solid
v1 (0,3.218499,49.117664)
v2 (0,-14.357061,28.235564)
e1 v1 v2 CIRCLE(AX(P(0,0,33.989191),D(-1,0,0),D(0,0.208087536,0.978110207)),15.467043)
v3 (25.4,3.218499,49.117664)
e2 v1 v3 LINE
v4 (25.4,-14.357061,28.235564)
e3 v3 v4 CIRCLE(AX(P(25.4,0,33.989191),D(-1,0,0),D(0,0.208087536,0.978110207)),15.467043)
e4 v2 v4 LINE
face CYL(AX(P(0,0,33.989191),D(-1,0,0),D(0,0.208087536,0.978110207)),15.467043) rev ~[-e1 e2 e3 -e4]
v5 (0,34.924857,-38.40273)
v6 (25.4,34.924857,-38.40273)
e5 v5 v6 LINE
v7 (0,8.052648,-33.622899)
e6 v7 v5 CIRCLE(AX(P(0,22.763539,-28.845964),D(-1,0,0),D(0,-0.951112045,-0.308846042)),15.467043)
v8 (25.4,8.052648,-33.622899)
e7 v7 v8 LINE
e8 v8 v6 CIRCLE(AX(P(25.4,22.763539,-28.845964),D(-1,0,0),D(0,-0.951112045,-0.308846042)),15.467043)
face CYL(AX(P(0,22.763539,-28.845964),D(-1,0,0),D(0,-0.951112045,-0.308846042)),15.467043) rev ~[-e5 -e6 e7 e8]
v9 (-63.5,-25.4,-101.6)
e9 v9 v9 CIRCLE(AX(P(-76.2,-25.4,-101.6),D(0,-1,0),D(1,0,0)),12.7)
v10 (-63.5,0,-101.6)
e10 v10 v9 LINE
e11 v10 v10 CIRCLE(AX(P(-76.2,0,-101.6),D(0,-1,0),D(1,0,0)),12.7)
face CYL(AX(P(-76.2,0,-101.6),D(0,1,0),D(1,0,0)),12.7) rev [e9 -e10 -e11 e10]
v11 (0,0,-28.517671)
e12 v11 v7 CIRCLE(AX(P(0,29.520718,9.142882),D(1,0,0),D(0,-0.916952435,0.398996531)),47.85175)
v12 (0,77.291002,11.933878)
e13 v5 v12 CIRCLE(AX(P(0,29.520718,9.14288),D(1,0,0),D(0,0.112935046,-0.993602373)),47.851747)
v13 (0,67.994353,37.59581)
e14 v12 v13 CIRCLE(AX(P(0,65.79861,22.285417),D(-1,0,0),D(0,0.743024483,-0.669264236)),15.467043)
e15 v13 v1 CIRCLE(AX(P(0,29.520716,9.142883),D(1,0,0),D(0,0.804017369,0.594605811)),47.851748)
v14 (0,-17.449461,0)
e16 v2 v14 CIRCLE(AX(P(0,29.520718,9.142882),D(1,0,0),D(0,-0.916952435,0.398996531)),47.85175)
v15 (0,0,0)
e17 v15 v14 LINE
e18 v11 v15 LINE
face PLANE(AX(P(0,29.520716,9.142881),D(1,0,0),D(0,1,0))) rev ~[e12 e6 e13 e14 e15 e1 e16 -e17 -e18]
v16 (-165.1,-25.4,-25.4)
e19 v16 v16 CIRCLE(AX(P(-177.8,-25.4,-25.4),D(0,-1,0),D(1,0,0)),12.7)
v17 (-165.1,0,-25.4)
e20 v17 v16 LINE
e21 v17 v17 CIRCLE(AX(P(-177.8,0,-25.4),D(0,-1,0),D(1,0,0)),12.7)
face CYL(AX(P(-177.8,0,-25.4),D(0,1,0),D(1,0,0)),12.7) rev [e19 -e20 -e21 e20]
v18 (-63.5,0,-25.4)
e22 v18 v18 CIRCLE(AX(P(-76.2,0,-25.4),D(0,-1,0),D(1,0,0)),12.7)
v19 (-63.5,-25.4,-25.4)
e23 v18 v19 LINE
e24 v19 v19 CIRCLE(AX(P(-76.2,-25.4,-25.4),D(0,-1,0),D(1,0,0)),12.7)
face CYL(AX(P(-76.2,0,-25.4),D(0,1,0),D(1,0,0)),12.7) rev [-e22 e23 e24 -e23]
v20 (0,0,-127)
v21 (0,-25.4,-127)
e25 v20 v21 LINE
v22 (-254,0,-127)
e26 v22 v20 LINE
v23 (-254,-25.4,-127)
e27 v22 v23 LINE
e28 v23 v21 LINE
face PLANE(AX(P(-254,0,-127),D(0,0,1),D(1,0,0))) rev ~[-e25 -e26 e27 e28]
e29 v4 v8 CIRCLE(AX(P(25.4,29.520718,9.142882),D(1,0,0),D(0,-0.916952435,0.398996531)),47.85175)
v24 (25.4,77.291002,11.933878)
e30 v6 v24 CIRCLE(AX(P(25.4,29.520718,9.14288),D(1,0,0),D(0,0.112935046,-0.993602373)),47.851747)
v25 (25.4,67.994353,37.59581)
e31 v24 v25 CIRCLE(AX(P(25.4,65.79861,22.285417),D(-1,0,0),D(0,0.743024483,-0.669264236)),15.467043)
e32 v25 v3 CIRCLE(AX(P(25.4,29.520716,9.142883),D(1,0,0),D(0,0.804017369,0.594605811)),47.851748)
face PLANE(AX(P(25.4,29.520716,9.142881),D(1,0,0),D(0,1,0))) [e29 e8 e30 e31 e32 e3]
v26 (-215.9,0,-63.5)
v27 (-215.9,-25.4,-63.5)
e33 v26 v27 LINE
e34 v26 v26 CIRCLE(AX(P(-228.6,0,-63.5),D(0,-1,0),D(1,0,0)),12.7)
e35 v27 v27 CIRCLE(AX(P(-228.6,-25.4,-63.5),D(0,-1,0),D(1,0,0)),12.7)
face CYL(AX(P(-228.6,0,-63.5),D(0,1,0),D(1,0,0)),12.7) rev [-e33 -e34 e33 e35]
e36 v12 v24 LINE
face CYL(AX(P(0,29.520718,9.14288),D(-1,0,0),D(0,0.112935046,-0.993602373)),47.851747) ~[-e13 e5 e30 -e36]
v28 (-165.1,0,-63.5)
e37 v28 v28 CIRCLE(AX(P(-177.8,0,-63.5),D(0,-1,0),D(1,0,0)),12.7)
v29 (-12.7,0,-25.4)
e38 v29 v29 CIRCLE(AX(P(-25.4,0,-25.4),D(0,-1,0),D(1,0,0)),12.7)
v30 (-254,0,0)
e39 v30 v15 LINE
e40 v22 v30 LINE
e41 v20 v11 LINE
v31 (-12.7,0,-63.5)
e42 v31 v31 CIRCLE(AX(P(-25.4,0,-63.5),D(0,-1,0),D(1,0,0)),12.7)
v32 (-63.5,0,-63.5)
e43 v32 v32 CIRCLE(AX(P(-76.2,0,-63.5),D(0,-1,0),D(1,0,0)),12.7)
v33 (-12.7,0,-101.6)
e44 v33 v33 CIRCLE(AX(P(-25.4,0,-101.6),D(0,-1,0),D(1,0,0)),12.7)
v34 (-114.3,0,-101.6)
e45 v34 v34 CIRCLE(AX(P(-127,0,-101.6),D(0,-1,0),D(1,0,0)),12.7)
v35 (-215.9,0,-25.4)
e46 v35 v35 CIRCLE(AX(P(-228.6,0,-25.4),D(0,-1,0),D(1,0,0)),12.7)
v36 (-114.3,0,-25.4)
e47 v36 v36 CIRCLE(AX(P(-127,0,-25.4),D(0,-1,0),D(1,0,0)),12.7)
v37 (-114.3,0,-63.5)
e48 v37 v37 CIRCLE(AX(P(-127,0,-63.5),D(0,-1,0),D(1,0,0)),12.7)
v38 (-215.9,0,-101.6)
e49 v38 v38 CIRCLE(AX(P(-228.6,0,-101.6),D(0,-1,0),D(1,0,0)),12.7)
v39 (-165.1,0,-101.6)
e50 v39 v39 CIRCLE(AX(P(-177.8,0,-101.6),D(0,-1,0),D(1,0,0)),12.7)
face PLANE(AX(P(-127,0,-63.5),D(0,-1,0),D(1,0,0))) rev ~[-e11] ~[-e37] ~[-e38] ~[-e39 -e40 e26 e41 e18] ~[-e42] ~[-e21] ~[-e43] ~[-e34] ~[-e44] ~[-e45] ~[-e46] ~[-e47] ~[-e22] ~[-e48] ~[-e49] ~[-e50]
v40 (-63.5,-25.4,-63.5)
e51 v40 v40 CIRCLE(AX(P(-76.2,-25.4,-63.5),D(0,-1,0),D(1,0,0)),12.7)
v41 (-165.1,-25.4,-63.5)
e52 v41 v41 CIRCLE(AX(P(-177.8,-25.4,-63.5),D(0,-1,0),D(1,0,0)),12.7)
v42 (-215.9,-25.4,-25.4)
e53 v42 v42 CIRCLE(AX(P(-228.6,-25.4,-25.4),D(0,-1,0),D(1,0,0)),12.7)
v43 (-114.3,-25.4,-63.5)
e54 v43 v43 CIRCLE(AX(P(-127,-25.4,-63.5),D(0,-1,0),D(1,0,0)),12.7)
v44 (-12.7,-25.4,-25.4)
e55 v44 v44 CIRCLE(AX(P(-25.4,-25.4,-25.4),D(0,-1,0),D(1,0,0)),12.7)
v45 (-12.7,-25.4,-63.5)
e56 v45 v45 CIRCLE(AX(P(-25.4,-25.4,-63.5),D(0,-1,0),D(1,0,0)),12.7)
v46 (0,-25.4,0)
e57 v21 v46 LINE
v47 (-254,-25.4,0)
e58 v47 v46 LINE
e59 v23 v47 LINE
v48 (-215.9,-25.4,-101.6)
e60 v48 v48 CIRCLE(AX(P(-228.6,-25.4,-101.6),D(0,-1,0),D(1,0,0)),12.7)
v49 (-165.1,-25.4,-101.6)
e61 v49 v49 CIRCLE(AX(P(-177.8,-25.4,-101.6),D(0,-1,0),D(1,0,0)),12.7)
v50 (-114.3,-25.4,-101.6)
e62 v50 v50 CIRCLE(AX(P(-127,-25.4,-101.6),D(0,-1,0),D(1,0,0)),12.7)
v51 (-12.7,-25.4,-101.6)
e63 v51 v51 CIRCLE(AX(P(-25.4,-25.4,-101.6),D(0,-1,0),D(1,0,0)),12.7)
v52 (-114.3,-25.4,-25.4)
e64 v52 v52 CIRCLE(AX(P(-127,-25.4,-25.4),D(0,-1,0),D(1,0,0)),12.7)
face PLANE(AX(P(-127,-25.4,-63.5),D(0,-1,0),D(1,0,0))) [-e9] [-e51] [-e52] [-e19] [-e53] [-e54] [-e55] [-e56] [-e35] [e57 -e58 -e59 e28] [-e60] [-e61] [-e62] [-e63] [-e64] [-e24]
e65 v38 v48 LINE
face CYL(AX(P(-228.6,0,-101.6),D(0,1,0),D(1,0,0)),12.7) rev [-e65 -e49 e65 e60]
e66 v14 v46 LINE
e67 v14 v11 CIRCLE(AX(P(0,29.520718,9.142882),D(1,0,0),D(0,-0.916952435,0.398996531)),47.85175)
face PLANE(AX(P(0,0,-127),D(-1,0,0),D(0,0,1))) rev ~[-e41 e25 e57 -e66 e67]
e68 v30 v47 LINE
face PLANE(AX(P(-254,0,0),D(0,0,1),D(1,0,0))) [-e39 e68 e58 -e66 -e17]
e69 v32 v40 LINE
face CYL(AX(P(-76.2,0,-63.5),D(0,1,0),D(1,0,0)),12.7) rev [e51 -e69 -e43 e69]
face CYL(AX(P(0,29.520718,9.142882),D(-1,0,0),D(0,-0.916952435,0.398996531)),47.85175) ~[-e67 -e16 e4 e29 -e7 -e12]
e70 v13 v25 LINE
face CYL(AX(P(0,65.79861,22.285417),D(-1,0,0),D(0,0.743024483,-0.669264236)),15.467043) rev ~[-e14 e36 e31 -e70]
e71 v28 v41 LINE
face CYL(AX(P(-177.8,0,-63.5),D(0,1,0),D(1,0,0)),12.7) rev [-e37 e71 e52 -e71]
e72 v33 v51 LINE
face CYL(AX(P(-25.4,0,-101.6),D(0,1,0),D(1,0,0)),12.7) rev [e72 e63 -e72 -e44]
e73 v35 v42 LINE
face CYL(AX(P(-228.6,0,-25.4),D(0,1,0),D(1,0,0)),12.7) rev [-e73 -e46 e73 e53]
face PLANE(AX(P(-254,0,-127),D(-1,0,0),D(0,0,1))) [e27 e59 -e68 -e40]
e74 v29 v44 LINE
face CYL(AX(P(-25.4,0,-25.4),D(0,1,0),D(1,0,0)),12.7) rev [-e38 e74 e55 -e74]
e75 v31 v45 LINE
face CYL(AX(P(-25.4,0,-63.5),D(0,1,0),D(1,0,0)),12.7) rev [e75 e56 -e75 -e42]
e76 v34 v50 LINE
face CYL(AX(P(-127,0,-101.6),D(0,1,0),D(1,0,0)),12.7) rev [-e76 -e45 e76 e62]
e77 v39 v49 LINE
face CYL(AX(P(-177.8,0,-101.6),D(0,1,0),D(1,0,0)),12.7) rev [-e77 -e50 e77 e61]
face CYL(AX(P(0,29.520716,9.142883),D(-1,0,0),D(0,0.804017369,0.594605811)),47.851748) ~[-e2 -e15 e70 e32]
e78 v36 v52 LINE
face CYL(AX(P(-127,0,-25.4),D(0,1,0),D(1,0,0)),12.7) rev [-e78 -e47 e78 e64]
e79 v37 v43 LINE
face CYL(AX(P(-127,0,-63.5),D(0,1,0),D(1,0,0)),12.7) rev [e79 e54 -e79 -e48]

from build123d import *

# Parameters (mm, degrees)
F0_W     = 254
F0_H     = 127
F0_R     = 12.7
F1_DEPTH = 25.4
F3_DEPTH = 25.4


with BuildPart() as f1:
    # F0 (on Front) → F1 (new body)
    with BuildSketch(Plane.XZ):
        with Locations((-127, -63.5)):
            Rectangle(F0_W, F0_H)
        with Locations((-228.6, -101.6)):
            Circle(F0_R, mode=Mode.SUBTRACT)
        with Locations((-177.8, -101.6)):
            Circle(F0_R, mode=Mode.SUBTRACT)
        with Locations((-127, -101.6)):
            Circle(F0_R, mode=Mode.SUBTRACT)
        with Locations((-76.2, -101.6)):
            Circle(F0_R, mode=Mode.SUBTRACT)
        with Locations((-25.4, -101.6)):
            Circle(F0_R, mode=Mode.SUBTRACT)
        with Locations((-228.6, -63.5)):
            Circle(F0_R, mode=Mode.SUBTRACT)
        with Locations((-177.8, -63.5)):
            Circle(F0_R, mode=Mode.SUBTRACT)
        with Locations((-228.6, -25.4)):
            Circle(F0_R, mode=Mode.SUBTRACT)
        with Locations((-177.8, -25.4)):
            Circle(F0_R, mode=Mode.SUBTRACT)
        with Locations((-127, -63.5)):
            Circle(F0_R, mode=Mode.SUBTRACT)
        with Locations((-76.2, -63.5)):
            Circle(F0_R, mode=Mode.SUBTRACT)
        with Locations((-25.4, -63.5)):
            Circle(F0_R, mode=Mode.SUBTRACT)
        with Locations((-127, -25.4)):
            Circle(F0_R, mode=Mode.SUBTRACT)
        with Locations((-76.2, -25.4)):
            Circle(F0_R, mode=Mode.SUBTRACT)
        with Locations((-25.4, -25.4)):
            Circle(F0_R, mode=Mode.SUBTRACT)
    extrude(amount=F1_DEPTH)

    # F2 (on Right) → F3 (join)
    with BuildSketch(Plane.YZ):
        with BuildLine():
            ThreePointArc((3.218499, 49.117664), (11.833529, 24.029421), (-14.357061, 28.235564))
            ThreePointArc((-14.357061, 28.235564), (-15.469696, -7.155973), (8.052648, -33.622899))
            ThreePointArc((8.052648, -33.622899), (25.472188, -13.617942), (34.924857, -38.40273))
            ThreePointArc((34.924857, -38.40273), (66.131145, -21.670532), (77.291002, 11.933878))
            ThreePointArc((77.291002, 11.933878), (51.256432, 17.017165), (67.994353, 37.59581))
            ThreePointArc((67.994353, 37.59581), (37.900701, 56.255149), (3.218499, 49.117664))
        make_face()
    extrude(amount=F3_DEPTH)


solid = f1.part
